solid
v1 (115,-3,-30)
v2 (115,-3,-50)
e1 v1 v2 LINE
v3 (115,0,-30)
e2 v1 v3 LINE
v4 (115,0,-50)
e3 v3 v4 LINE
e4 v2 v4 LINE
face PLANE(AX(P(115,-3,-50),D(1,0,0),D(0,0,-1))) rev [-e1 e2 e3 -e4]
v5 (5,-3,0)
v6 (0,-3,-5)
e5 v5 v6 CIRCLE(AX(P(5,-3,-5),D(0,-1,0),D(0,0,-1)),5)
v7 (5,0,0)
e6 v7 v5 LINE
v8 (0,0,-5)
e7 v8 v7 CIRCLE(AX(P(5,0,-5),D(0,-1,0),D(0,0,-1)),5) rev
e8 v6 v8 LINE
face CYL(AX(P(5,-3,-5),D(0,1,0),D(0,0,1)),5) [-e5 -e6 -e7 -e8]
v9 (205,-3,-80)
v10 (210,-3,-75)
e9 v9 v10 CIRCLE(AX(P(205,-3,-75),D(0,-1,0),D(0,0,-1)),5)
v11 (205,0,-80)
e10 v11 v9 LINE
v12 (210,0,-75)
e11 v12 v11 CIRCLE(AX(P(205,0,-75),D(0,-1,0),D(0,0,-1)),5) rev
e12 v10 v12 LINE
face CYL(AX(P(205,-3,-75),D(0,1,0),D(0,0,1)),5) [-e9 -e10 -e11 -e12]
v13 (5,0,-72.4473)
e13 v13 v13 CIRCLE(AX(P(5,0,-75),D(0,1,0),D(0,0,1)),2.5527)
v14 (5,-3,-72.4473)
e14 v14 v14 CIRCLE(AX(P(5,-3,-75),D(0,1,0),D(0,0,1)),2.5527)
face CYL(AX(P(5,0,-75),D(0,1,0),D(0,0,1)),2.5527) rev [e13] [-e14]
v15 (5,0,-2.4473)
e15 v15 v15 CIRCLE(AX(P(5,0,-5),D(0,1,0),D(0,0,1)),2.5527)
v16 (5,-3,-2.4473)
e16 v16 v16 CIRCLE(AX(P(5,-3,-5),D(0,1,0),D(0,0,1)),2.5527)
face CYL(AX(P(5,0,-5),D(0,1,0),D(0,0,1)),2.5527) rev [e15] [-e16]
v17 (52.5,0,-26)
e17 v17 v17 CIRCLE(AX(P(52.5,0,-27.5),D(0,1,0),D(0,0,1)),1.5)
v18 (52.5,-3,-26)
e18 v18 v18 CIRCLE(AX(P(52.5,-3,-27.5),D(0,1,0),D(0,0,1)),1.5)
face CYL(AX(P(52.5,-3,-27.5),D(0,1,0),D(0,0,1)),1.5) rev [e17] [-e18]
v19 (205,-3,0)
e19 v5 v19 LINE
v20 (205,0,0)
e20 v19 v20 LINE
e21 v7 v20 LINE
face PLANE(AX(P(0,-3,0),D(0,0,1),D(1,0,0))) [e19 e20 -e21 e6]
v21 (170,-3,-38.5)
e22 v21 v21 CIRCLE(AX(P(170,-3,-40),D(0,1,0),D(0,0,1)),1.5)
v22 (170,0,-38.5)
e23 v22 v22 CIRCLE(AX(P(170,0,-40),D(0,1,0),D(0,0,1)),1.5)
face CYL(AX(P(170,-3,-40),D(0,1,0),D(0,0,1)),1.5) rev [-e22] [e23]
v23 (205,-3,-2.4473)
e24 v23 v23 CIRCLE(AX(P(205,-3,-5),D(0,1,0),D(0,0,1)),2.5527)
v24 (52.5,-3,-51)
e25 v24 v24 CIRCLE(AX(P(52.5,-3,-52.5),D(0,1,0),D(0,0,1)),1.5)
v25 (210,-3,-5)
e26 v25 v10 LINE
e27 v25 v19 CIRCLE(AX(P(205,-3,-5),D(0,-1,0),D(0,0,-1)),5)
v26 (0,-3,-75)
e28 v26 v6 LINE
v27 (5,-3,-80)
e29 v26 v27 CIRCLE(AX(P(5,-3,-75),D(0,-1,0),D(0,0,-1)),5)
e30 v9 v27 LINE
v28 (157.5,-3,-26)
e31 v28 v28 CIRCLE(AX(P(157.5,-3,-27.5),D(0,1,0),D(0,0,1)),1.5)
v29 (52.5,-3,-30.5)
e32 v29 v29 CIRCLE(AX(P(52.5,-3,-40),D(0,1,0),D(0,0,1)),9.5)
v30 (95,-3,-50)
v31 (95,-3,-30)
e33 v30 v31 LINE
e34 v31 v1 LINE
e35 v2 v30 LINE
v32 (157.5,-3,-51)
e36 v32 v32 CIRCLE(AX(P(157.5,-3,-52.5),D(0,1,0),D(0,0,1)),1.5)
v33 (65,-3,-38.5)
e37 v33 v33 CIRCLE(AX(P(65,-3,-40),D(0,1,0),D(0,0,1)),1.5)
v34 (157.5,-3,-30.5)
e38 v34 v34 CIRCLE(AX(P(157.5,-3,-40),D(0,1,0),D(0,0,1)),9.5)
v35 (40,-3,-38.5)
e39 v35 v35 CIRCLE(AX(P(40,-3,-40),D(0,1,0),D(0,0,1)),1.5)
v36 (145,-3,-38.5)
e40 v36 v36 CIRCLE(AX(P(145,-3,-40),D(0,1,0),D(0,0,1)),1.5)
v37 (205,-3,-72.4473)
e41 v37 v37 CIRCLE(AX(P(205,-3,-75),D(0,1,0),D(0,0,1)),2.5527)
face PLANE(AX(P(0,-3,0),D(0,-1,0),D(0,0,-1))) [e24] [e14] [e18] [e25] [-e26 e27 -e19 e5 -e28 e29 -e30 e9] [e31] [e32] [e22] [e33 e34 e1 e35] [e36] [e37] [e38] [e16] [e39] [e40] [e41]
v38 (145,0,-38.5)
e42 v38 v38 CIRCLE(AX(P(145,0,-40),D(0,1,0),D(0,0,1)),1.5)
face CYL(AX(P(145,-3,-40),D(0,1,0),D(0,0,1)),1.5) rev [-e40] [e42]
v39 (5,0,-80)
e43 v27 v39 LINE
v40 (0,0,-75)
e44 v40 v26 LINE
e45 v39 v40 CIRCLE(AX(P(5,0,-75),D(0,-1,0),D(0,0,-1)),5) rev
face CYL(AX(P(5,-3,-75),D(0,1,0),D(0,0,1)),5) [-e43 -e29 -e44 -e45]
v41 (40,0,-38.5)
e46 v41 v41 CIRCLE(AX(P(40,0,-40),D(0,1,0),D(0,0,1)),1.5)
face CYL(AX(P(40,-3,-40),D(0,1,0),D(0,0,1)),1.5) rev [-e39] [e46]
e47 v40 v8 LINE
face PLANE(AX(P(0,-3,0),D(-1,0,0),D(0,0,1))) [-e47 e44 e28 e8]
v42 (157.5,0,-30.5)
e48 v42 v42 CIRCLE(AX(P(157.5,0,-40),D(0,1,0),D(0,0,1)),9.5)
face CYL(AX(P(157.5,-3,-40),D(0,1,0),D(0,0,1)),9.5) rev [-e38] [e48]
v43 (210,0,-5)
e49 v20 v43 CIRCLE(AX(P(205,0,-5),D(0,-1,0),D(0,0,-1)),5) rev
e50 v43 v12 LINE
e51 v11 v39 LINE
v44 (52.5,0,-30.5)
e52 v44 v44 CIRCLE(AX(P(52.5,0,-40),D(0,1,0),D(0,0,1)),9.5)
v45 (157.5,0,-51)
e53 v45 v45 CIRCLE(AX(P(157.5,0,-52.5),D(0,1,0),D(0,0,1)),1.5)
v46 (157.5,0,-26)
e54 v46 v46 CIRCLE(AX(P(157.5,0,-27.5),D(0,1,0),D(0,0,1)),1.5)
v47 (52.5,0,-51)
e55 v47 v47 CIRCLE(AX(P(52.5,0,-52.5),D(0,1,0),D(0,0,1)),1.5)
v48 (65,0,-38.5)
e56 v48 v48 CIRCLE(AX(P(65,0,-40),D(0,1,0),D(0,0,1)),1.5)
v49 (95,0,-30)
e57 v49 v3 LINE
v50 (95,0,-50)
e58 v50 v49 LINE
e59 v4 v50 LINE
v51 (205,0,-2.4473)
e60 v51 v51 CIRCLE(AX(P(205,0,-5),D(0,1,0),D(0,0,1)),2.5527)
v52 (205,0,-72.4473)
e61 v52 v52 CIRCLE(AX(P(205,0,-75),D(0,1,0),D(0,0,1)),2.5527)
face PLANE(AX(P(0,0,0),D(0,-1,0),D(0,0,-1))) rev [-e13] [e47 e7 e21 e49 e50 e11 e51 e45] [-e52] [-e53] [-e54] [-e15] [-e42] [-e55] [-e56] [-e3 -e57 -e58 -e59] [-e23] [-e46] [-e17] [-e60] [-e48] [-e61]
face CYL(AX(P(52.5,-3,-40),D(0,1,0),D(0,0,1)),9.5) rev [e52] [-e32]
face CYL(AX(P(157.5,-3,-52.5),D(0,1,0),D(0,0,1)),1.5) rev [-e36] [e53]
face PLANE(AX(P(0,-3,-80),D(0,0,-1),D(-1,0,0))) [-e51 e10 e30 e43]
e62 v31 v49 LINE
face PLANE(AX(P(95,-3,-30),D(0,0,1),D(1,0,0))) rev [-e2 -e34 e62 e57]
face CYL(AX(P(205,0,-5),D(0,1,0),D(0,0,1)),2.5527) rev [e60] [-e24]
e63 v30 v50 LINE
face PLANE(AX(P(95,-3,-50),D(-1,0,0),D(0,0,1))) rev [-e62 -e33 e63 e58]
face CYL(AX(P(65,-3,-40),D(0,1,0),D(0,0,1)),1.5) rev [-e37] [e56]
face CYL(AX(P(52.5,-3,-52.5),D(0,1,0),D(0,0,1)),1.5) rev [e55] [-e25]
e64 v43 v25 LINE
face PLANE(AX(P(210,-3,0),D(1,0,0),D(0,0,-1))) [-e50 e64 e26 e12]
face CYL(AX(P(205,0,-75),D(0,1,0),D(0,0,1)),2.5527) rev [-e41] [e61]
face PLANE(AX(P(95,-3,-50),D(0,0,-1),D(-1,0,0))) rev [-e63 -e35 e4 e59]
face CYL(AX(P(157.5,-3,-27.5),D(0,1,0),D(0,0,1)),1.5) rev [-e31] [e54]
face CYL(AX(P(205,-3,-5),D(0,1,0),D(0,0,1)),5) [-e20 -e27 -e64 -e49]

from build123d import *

# Parameters (mm, degrees)
SKETCH1_W               = 210
SKETCH1_H               = 80
SKETCH1_R               = 1.5
SKETCH1_R_2             = 9.5
SKETCH1_W_2             = 20
SKETCH1_H_2             = 20
BOSS_EXTRUDE1_DEPTH     = 3
FILLET1_R               = 5
F_1_4_20_TAPPED_HOLE1_D = 5.1054


with BuildPart() as part:
    # Sketch1 → Boss-Extrude1 (new body)
    with BuildSketch(Plane(origin=(0, 0, 0), x_dir=(1, 0, 0), z_dir=(0, 1, 0))):
        with Locations((105, 40)):
            Rectangle(SKETCH1_W, SKETCH1_H)
        with Locations(Location((52.5, 52.5, 0), (0, 0, 270))):
            Circle(SKETCH1_R, mode=Mode.SUBTRACT)
        with Locations(Location((65, 40, 0), (0, 0, 270))):
            Circle(SKETCH1_R, mode=Mode.SUBTRACT)
        with Locations(Location((52.5, 27.5, 0), (0, 0, 270))):
            Circle(SKETCH1_R, mode=Mode.SUBTRACT)
        with Locations(Location((40, 40, 0), (0, 0, 270))):
            Circle(SKETCH1_R, mode=Mode.SUBTRACT)
        with Locations(Location((157.5, 52.5, 0), (0, 0, 270))):
            Circle(SKETCH1_R, mode=Mode.SUBTRACT)
        with Locations(Location((170, 40, 0), (0, 0, 270))):
            Circle(SKETCH1_R, mode=Mode.SUBTRACT)
        with Locations(Location((157.5, 27.5, 0), (0, 0, 270))):
            Circle(SKETCH1_R, mode=Mode.SUBTRACT)
        with Locations(Location((145, 40, 0), (0, 0, 270))):
            Circle(SKETCH1_R, mode=Mode.SUBTRACT)
        with Locations(Location((52.5, 40, 0), (0, 0, 270))):
            Circle(SKETCH1_R_2, mode=Mode.SUBTRACT)
        with Locations(Location((157.5, 40, 0), (0, 0, 270))):
            Circle(SKETCH1_R_2, mode=Mode.SUBTRACT)
        with Locations((105, 40)):
            Rectangle(SKETCH1_W_2, SKETCH1_H_2, mode=Mode.SUBTRACT)
    extrude(amount=-BOSS_EXTRUDE1_DEPTH)

    # Fillet1
    fillet1_edges = [part.edges().sort_by_distance(p)[0] for p in [
        (0, -1.5, -80),
        (210, -1.5, -80),
        (210, -1.5, 0),
        (0, -1.5, 0),
    ]]
    fillet(fillet1_edges, radius=FILLET1_R)

    # 1/4-20 Tapped Hole1 (through all)
    with Locations(Plane(origin=(0, 0, 0), x_dir=(1, 0, 0), z_dir=(0, 1, 0))):
        with Locations((5, 75), (5, 5), (205, 5), (205, 75)):
            Hole(F_1_4_20_TAPPED_HOLE1_D / 2)


solid = part.part
